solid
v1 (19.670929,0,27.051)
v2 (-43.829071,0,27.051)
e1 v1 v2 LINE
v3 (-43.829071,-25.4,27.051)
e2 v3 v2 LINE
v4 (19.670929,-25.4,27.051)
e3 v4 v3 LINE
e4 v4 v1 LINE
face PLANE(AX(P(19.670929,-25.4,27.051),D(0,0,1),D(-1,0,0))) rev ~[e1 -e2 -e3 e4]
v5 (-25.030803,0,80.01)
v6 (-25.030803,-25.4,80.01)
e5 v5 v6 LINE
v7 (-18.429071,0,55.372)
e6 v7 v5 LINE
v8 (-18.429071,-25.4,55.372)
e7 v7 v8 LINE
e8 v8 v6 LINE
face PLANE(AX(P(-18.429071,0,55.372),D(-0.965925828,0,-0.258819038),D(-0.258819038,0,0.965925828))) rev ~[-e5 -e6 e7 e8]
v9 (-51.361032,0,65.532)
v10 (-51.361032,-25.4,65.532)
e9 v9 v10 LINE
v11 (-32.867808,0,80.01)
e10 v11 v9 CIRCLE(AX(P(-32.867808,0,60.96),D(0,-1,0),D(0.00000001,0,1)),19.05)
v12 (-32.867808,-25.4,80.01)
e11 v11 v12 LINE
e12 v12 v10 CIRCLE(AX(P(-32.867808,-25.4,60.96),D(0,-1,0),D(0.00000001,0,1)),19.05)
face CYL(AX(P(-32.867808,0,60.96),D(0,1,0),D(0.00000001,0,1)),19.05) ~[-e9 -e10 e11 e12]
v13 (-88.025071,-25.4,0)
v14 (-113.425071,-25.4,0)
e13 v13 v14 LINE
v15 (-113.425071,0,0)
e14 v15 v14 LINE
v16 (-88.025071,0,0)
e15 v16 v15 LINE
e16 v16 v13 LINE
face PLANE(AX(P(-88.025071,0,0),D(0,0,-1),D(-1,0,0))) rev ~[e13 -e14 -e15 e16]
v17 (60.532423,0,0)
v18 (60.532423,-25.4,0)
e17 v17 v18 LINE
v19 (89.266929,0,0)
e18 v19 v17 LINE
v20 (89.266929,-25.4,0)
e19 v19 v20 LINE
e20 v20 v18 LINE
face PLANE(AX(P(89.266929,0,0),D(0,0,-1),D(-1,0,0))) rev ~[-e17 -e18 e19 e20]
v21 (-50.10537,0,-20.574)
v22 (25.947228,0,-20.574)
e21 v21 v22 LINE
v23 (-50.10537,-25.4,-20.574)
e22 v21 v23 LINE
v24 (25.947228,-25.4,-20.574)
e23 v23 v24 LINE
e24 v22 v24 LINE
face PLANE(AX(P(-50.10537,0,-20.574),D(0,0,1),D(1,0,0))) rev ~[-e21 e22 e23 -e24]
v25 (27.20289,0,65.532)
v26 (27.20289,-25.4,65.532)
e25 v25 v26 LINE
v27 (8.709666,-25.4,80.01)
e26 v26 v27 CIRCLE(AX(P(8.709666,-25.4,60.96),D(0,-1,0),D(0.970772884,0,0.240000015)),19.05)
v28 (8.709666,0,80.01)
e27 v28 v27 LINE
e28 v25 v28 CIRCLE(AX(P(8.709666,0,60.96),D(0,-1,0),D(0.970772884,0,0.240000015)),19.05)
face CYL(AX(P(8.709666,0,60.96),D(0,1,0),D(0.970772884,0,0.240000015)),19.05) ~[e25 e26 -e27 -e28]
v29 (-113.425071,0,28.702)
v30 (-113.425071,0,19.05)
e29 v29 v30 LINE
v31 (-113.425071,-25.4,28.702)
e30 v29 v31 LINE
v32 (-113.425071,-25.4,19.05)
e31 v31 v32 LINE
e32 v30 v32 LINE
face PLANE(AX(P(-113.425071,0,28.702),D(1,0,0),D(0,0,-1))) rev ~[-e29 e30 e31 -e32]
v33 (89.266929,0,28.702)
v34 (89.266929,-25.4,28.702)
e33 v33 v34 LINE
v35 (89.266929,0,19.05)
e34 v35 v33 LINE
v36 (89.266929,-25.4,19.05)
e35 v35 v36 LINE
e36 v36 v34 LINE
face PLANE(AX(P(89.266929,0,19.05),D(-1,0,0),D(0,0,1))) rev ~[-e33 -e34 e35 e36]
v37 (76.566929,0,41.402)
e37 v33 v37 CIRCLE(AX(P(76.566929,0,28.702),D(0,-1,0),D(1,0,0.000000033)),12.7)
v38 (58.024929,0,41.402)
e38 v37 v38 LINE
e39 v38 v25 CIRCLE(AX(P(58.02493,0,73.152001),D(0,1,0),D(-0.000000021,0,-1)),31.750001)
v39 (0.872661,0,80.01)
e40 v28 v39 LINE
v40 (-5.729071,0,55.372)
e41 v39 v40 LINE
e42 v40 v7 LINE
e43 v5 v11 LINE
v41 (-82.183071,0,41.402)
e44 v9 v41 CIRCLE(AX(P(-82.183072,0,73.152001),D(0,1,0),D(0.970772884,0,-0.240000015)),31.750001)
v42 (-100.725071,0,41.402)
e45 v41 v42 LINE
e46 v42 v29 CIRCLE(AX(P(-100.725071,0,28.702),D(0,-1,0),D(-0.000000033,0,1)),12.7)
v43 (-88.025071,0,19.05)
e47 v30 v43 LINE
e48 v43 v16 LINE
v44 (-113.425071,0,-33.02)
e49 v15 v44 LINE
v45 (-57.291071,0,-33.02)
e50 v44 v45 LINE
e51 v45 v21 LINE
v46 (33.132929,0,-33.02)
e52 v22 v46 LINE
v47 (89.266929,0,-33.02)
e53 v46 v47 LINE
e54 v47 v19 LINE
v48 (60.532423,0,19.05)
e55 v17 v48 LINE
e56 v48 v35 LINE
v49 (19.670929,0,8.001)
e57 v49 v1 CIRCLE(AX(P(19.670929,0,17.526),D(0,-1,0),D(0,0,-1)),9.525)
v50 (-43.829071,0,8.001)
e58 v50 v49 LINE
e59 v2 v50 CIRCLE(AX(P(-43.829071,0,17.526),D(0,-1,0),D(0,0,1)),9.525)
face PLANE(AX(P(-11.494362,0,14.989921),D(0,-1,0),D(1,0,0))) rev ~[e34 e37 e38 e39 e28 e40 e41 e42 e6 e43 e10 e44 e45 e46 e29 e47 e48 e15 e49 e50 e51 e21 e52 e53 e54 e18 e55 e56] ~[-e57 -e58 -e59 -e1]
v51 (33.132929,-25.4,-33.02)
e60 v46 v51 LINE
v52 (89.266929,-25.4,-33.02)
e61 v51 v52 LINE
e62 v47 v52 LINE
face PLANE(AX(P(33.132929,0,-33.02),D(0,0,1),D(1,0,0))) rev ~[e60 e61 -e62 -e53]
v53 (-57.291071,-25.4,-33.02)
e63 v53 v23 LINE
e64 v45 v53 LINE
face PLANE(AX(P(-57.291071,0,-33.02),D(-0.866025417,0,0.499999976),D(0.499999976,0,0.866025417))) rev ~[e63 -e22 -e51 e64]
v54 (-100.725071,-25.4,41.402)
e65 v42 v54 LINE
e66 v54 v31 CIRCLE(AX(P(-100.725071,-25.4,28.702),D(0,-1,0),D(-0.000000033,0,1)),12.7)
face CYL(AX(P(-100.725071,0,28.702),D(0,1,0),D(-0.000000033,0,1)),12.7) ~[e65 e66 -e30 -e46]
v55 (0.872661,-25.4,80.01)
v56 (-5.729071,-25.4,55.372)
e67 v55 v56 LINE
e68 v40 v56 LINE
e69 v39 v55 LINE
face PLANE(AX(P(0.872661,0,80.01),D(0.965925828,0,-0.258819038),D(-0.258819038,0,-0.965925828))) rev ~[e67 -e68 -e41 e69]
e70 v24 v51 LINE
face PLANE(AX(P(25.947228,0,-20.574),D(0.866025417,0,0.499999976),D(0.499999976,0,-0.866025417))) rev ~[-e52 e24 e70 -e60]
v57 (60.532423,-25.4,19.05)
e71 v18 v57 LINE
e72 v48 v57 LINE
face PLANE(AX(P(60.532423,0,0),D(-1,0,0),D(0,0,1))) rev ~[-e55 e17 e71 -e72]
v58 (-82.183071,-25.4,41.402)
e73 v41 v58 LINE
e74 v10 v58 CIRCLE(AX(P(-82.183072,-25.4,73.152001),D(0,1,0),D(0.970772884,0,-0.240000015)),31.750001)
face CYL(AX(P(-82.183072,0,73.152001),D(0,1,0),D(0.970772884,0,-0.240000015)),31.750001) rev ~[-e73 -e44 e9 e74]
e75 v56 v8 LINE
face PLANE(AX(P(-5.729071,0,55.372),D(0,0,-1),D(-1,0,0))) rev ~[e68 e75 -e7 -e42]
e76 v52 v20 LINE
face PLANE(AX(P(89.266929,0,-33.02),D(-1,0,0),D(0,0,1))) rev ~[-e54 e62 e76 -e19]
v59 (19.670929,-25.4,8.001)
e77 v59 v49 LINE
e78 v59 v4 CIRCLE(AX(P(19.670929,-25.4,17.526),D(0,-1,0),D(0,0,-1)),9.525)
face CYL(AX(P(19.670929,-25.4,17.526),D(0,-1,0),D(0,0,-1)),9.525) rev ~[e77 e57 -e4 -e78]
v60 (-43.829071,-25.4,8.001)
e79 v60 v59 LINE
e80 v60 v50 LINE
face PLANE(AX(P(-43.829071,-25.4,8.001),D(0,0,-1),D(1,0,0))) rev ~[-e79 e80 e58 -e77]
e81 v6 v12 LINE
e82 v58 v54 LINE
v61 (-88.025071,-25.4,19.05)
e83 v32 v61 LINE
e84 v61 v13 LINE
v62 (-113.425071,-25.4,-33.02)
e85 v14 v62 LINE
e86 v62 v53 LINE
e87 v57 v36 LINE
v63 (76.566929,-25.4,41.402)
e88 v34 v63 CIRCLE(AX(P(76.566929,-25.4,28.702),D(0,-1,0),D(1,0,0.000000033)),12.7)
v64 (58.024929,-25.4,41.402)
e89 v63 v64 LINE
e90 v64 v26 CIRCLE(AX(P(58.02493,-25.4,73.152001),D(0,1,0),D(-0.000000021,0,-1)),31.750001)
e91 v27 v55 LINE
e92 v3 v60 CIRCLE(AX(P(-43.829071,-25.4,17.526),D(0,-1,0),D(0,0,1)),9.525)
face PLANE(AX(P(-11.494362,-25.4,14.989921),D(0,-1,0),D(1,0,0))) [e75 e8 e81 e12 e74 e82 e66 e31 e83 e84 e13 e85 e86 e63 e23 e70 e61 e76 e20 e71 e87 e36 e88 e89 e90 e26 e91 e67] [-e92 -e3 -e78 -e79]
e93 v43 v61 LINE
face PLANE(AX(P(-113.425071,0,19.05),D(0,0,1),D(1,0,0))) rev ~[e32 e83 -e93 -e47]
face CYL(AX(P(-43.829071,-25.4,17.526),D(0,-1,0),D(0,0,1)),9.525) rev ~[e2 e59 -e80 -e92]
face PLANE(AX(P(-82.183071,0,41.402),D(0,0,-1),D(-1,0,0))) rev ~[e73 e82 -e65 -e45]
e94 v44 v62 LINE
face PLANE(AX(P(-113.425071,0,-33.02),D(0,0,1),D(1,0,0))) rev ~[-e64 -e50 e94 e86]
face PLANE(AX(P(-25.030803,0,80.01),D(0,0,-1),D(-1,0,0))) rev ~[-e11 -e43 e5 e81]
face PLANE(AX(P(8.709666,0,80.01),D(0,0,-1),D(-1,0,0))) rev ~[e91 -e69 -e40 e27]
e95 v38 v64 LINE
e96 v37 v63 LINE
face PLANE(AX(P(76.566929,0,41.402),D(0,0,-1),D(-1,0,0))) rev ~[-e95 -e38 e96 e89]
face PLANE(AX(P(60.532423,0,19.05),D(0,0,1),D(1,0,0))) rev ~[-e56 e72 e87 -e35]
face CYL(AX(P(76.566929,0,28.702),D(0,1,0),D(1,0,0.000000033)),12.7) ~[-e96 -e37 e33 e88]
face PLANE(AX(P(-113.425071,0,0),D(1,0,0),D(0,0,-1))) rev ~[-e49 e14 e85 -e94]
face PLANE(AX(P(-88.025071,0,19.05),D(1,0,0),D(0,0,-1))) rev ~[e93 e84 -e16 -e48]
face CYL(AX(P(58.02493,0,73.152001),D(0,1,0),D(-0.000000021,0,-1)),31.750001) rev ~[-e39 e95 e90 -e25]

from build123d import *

# Parameters (mm, degrees)
F1_DEPTH = 25.4
F3_DEPTH = 25.4


with BuildPart() as f1:
    # F0 (on Front) → F1 (new body)
    with BuildSketch(Plane.XZ):
        with BuildLine():
            Line((60.532423, 0), (60.532423, 19.05))
            Line((60.532423, 19.05), (89.266929, 19.05))
            Line((89.266929, 19.05), (89.266929, 28.702))
            ThreePointArc((89.266929, 28.702), (85.547185, 37.682256), (76.566929, 41.402))
            Line((76.566929, 41.402), (58.024929, 41.402))
            ThreePointArc((58.024929, 41.402), (38.452915, 48.152025), (27.20289, 65.532))
            ThreePointArc((27.20289, 65.532), (20.452875, 75.959985), (8.709666, 80.01))
            Line((8.709666, 80.01), (0.872661, 80.01))
            Line((0.872661, 80.01), (-5.729071, 55.372))
            Line((-5.729071, 55.372), (-18.429071, 55.372))
            Line((-18.429071, 55.372), (-25.030803, 80.01))
            Line((-25.030803, 80.01), (-32.867808, 80.01))
            ThreePointArc((-32.867808, 80.01), (-44.611017, 75.959985), (-51.361032, 65.532))
            ThreePointArc((-51.361032, 65.532), (-62.611057, 48.152025), (-82.183071, 41.402))
            Line((-82.183071, 41.402), (-100.725071, 41.402))
            ThreePointArc((-100.725071, 41.402), (-109.705327, 37.682256), (-113.425071, 28.702))
            Line((-113.425071, 28.702), (-113.425071, 19.05))
            Line((-113.425071, 19.05), (-88.025071, 19.05))
            Line((-88.025071, 19.05), (-88.025071, 0))
            Line((-88.025071, 0), (-113.425071, 0))
            Line((-113.425071, 0), (-113.425071, -33.02))
            Line((-113.425071, -33.02), (-57.291071, -33.02))
            Line((-57.291071, -33.02), (-50.10537, -20.574))
            Line((-50.10537, -20.574), (25.947228, -20.574))
            Line((25.947228, -20.574), (33.132929, -33.02))
            Line((33.132929, -33.02), (89.266929, -33.02))
            Line((89.266929, -33.02), (89.266929, 0))
            Line((89.266929, 0), (60.532423, 0))
        make_face()
    extrude(amount=F1_DEPTH)

    # F2 (on face) + F0 (on Front) → F3 (cut)
    with BuildSketch(Plane.XZ.offset(25.4)):
        with BuildLine():
            Line((19.670929, 27.051), (-43.829071, 27.051))
            ThreePointArc((-43.829071, 27.051), (-53.354071, 17.526), (-43.829071, 8.001))
            Line((-43.829071, 8.001), (19.670929, 8.001))
            ThreePointArc((19.670929, 8.001), (29.195929, 17.526), (19.670929, 27.051))
        make_face()
    with BuildSketch(Plane.XZ):
        with BuildLine():
            Line((60.532423, 0), (60.532423, 19.05))
            Line((60.532423, 19.05), (89.266929, 19.05))
            Line((89.266929, 19.05), (89.266929, 28.702))
            ThreePointArc((89.266929, 28.702), (85.547185, 37.682256), (76.566929, 41.402))
            Line((76.566929, 41.402), (58.024929, 41.402))
            ThreePointArc((58.024929, 41.402), (38.452915, 48.152025), (27.20289, 65.532))
            ThreePointArc((27.20289, 65.532), (20.452875, 75.959985), (8.709666, 80.01))
            Line((8.709666, 80.01), (0.872661, 80.01))
            Line((0.872661, 80.01), (-5.729071, 55.372))
            Line((-5.729071, 55.372), (-18.429071, 55.372))
            Line((-18.429071, 55.372), (-25.030803, 80.01))
            Line((-25.030803, 80.01), (-32.867808, 80.01))
            ThreePointArc((-32.867808, 80.01), (-44.611017, 75.959985), (-51.361032, 65.532))
            ThreePointArc((-51.361032, 65.532), (-62.611057, 48.152025), (-82.183071, 41.402))
            Line((-82.183071, 41.402), (-100.725071, 41.402))
            ThreePointArc((-100.725071, 41.402), (-109.705327, 37.682256), (-113.425071, 28.702))
            Line((-113.425071, 28.702), (-113.425071, 19.05))
            Line((-113.425071, 19.05), (-88.025071, 19.05))
            Line((-88.025071, 19.05), (-88.025071, 0))
            Line((-88.025071, 0), (-113.425071, 0))
            Line((-113.425071, 0), (-113.425071, -33.02))
            Line((-113.425071, -33.02), (-57.291071, -33.02))
            Line((-57.291071, -33.02), (-50.10537, -20.574))
            Line((-50.10537, -20.574), (25.947228, -20.574))
            Line((25.947228, -20.574), (33.132929, -33.02))
            Line((33.132929, -33.02), (89.266929, -33.02))
            Line((89.266929, -33.02), (89.266929, 0))
            Line((89.266929, 0), (60.532423, 0))
        make_face()
    extrude(amount=-F3_DEPTH, mode=Mode.SUBTRACT)


solid = f1.part
